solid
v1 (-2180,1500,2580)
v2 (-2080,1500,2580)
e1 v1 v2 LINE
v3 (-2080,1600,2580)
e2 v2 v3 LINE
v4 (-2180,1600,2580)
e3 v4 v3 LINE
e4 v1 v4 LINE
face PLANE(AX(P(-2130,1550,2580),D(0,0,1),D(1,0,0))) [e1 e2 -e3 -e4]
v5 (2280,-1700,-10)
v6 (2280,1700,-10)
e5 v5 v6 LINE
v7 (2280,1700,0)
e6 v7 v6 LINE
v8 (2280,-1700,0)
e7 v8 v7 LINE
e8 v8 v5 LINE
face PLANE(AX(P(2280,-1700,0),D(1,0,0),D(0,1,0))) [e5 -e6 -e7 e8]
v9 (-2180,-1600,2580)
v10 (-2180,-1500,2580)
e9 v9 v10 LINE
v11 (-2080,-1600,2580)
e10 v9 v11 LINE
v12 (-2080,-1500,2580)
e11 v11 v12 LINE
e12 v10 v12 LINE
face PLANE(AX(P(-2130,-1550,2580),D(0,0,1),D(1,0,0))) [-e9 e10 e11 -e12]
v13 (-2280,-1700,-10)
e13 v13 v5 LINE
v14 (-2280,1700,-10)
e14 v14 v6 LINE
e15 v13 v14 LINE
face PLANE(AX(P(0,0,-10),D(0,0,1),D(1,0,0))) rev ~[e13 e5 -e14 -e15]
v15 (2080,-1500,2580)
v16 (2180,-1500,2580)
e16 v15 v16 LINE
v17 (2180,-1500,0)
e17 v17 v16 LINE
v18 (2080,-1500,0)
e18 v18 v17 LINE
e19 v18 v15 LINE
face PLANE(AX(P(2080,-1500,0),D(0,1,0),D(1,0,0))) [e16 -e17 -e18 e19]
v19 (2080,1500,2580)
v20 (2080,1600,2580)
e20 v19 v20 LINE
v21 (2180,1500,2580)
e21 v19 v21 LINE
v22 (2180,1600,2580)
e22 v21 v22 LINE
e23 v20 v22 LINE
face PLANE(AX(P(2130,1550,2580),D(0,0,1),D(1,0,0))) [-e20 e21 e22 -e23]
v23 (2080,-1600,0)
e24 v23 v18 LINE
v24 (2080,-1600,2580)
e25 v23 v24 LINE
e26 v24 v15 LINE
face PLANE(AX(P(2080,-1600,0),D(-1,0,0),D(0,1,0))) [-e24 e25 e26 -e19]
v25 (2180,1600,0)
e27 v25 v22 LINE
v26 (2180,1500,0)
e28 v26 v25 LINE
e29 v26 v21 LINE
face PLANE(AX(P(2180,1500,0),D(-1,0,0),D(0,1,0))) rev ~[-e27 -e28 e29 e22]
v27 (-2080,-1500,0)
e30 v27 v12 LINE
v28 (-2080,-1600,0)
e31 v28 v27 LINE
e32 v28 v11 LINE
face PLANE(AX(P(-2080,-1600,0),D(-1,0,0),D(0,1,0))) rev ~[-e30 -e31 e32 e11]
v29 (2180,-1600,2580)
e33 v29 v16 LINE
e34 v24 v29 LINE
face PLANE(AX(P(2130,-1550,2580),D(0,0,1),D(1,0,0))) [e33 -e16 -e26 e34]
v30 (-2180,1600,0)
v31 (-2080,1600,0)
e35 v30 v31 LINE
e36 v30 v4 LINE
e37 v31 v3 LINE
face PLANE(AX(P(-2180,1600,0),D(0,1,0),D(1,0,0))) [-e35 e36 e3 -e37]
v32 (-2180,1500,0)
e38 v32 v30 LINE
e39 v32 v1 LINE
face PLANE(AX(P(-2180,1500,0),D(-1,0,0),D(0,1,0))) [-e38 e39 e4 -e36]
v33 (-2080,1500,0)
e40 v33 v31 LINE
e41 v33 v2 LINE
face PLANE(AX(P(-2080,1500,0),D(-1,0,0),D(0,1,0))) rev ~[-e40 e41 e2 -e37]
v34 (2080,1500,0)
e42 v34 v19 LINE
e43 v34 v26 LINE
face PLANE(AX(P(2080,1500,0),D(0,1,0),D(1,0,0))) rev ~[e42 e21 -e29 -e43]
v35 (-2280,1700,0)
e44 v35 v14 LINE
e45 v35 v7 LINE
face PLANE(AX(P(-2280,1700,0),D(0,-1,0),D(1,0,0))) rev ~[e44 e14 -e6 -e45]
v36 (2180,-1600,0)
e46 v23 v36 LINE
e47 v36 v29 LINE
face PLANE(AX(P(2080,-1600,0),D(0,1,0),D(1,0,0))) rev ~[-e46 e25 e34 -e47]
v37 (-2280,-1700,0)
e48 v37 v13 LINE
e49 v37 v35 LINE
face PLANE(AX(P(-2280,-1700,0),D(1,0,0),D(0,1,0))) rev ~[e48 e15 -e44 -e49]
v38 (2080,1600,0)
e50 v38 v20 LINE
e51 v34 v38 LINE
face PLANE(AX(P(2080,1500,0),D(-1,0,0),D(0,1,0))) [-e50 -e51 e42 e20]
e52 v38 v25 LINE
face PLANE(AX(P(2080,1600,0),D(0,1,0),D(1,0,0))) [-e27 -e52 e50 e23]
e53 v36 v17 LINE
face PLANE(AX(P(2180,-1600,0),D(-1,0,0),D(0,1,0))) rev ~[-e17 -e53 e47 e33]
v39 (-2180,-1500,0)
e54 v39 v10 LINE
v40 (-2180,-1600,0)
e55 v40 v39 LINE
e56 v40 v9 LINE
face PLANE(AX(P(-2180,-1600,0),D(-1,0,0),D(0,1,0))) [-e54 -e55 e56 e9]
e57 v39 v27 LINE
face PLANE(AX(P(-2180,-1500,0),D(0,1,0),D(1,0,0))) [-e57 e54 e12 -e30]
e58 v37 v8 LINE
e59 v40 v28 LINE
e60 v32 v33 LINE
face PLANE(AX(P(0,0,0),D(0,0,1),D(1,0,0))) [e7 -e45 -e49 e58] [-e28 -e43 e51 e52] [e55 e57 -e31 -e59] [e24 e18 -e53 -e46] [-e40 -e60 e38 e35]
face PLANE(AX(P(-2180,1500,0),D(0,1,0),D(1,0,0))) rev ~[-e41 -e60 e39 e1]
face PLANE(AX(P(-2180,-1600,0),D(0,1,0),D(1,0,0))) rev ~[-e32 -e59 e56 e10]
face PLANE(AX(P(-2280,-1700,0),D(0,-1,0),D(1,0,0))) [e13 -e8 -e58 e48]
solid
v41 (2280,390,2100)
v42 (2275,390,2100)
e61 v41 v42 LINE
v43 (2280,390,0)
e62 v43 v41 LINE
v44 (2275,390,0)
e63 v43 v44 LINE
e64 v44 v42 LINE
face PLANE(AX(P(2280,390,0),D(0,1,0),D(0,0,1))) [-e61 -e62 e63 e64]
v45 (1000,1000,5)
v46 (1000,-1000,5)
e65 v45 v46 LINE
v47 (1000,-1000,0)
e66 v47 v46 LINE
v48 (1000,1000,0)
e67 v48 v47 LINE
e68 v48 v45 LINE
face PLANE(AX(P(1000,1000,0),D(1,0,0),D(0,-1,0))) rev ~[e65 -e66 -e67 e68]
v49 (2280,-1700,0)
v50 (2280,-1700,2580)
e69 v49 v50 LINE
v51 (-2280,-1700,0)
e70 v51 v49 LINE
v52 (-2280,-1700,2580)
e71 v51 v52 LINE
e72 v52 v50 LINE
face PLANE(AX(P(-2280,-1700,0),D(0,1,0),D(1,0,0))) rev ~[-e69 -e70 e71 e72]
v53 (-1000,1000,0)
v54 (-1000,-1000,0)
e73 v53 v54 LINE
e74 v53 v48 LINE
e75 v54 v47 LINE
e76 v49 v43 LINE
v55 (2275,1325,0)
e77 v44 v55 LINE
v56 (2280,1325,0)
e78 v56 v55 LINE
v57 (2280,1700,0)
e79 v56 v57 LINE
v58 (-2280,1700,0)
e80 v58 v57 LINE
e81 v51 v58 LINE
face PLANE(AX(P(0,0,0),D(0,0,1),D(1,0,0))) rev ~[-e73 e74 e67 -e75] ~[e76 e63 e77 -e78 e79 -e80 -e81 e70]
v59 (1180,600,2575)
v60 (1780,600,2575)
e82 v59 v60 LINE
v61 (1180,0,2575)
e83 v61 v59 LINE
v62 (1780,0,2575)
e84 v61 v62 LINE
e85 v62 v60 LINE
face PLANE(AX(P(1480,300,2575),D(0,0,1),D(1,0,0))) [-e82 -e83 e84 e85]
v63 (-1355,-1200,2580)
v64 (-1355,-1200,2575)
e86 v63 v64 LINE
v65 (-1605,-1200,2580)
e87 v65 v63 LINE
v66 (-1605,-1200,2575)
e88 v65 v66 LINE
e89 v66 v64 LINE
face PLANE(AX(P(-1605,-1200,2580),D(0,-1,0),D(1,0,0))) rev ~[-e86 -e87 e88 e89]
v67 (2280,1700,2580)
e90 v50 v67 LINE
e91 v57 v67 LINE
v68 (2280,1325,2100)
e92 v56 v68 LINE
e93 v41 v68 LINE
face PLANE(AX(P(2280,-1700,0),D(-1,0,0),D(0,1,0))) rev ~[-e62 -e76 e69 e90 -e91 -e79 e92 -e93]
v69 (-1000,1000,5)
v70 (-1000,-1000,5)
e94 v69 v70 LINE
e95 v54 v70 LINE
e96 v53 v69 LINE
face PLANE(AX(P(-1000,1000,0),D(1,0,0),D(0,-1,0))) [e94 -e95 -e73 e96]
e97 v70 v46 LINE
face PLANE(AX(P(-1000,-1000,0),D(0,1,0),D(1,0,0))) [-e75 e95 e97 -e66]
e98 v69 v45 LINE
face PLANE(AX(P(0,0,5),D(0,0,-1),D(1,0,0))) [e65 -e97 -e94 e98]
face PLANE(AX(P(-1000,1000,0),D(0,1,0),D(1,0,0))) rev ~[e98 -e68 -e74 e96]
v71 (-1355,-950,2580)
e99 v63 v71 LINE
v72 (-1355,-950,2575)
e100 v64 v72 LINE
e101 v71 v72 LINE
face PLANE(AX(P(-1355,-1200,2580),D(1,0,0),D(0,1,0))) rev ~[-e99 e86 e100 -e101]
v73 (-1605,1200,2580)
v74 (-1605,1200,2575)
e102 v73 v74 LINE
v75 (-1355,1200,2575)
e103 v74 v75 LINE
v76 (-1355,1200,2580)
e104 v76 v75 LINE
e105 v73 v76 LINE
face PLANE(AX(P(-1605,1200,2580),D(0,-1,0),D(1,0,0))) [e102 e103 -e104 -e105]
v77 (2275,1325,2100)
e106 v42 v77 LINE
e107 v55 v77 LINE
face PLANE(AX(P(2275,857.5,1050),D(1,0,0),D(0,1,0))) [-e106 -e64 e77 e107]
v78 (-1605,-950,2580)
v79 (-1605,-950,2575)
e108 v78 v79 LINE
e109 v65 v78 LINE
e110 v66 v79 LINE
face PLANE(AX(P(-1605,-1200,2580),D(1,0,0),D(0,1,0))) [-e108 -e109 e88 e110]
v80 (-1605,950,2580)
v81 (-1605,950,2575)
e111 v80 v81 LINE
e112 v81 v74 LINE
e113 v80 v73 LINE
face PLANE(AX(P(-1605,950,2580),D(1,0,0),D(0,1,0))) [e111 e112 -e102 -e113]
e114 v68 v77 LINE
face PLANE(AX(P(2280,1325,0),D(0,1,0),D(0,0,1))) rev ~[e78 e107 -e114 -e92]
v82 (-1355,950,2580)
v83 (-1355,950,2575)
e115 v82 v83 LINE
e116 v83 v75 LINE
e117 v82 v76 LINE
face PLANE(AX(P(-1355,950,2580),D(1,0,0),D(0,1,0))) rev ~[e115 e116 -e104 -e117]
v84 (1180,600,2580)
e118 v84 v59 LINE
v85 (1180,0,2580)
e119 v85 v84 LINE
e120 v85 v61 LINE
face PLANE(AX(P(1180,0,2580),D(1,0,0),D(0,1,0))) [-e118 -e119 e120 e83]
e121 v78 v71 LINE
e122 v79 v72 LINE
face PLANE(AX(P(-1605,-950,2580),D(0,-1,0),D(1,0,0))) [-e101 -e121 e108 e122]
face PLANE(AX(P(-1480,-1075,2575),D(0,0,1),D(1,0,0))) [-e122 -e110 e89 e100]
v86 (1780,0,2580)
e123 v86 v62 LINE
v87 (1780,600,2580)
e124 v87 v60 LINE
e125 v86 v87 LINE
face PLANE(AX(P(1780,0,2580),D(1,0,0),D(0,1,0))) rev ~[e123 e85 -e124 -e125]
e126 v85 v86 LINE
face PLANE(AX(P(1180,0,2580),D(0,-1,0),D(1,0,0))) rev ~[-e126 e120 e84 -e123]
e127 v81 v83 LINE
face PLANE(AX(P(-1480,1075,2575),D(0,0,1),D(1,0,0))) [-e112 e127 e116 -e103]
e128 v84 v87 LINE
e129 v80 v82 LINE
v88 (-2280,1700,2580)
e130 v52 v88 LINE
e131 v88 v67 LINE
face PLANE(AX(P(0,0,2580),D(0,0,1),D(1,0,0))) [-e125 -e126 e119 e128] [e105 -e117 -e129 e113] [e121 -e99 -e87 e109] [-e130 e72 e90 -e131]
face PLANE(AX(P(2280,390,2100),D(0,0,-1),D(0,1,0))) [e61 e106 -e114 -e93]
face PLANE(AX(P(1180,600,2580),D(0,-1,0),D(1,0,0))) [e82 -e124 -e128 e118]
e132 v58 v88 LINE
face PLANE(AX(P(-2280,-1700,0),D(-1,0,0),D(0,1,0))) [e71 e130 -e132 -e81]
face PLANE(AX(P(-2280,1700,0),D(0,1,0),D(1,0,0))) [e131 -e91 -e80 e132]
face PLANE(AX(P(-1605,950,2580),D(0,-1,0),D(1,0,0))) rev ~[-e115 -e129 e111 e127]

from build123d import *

# Parameters (mm, degrees)
SKETCH001_W     = 4560
SKETCH001_H     = 3400
PAD_DEPTH       = 2580
SKETCH_W        = 935
SKETCH_H        = 2100
POCKET_DEPTH    = 5
SKETCH004_W     = 2000
SKETCH004_H     = 1625
POCKET001_DEPTH = 5
SKETCH002_W     = 250
SKETCH002_H     = 250
SKETCH002_W_2   = 600
SKETCH002_H_2   = 600
POCKET002_DEPTH = 5
SKETCH007_W     = 2000
SKETCH007_H     = 2000
POCKET003_DEPTH = 5
SKETCH006_W     = 4560
SKETCH006_H     = 3400
PAD001_DEPTH    = 10
SKETCH005_W     = 100
SKETCH005_H     = 100
PAD002_DEPTH    = 2580


with BuildPart() as chamber:
    # Sketch001 → Pad (new body)
    with BuildSketch(Plane.XY):
        Rectangle(SKETCH001_W, SKETCH001_H)
    extrude(amount=PAD_DEPTH)

    # Sketch (on DatumPlane) → Pocket (cut)
    with BuildSketch(Plane.YZ.offset(2280)):
        with Locations((857.5, 1050)):
            Rectangle(SKETCH_W, SKETCH_H)
    extrude(amount=-POCKET_DEPTH, mode=Mode.SUBTRACT)

    # Sketch004 (on DatumPlane) → Pocket001 (cut)
    with BuildSketch(Plane.YZ.offset(-2280)):
        with Locations((0, 1612.5)):
            Rectangle(SKETCH004_W, SKETCH004_H)
    extrude(amount=-POCKET001_DEPTH, mode=Mode.SUBTRACT)

    # Sketch002 (on DatumPlane) → Pocket002 (cut)
    with BuildSketch(Plane.XY.offset(2580)):
        with Locations((-1480, 1075)):
            Rectangle(SKETCH002_W, SKETCH002_H)
        with Locations((-1480, -1075)):
            Rectangle(SKETCH002_W, SKETCH002_H)
        with Locations((1480, 300)):
            Rectangle(SKETCH002_W_2, SKETCH002_H_2)
    extrude(amount=-POCKET002_DEPTH, mode=Mode.SUBTRACT)

    # Sketch007 (on Face2 of Pocket002) → Pocket003 (cut)
    with BuildSketch(Plane(origin=(0, 0, 0), x_dir=(1, 0, 0), z_dir=(0, 0, -1))):
        Rectangle(SKETCH007_W, SKETCH007_H)
    extrude(amount=-POCKET003_DEPTH, mode=Mode.SUBTRACT)


with BuildPart() as body001:
    # Sketch006 → Pad001 (new body)
    with BuildSketch(Plane.XY):
        Rectangle(SKETCH006_W, SKETCH006_H)
    extrude(amount=-PAD001_DEPTH)

    # Sketch005 → Pad002 (join)
    with BuildSketch(Plane.XY):
        with Locations((-2130, 1550)):
            Rectangle(SKETCH005_W, SKETCH005_H)
        with Locations((2130, 1550)):
            Rectangle(SKETCH005_W, SKETCH005_H)
        with Locations((2130, -1550)):
            Rectangle(SKETCH005_W, SKETCH005_H)
        with Locations((-2130, -1550)):
            Rectangle(SKETCH005_W, SKETCH005_H)
    extrude(amount=PAD002_DEPTH)


solid = Compound([chamber.part, body001.part])
